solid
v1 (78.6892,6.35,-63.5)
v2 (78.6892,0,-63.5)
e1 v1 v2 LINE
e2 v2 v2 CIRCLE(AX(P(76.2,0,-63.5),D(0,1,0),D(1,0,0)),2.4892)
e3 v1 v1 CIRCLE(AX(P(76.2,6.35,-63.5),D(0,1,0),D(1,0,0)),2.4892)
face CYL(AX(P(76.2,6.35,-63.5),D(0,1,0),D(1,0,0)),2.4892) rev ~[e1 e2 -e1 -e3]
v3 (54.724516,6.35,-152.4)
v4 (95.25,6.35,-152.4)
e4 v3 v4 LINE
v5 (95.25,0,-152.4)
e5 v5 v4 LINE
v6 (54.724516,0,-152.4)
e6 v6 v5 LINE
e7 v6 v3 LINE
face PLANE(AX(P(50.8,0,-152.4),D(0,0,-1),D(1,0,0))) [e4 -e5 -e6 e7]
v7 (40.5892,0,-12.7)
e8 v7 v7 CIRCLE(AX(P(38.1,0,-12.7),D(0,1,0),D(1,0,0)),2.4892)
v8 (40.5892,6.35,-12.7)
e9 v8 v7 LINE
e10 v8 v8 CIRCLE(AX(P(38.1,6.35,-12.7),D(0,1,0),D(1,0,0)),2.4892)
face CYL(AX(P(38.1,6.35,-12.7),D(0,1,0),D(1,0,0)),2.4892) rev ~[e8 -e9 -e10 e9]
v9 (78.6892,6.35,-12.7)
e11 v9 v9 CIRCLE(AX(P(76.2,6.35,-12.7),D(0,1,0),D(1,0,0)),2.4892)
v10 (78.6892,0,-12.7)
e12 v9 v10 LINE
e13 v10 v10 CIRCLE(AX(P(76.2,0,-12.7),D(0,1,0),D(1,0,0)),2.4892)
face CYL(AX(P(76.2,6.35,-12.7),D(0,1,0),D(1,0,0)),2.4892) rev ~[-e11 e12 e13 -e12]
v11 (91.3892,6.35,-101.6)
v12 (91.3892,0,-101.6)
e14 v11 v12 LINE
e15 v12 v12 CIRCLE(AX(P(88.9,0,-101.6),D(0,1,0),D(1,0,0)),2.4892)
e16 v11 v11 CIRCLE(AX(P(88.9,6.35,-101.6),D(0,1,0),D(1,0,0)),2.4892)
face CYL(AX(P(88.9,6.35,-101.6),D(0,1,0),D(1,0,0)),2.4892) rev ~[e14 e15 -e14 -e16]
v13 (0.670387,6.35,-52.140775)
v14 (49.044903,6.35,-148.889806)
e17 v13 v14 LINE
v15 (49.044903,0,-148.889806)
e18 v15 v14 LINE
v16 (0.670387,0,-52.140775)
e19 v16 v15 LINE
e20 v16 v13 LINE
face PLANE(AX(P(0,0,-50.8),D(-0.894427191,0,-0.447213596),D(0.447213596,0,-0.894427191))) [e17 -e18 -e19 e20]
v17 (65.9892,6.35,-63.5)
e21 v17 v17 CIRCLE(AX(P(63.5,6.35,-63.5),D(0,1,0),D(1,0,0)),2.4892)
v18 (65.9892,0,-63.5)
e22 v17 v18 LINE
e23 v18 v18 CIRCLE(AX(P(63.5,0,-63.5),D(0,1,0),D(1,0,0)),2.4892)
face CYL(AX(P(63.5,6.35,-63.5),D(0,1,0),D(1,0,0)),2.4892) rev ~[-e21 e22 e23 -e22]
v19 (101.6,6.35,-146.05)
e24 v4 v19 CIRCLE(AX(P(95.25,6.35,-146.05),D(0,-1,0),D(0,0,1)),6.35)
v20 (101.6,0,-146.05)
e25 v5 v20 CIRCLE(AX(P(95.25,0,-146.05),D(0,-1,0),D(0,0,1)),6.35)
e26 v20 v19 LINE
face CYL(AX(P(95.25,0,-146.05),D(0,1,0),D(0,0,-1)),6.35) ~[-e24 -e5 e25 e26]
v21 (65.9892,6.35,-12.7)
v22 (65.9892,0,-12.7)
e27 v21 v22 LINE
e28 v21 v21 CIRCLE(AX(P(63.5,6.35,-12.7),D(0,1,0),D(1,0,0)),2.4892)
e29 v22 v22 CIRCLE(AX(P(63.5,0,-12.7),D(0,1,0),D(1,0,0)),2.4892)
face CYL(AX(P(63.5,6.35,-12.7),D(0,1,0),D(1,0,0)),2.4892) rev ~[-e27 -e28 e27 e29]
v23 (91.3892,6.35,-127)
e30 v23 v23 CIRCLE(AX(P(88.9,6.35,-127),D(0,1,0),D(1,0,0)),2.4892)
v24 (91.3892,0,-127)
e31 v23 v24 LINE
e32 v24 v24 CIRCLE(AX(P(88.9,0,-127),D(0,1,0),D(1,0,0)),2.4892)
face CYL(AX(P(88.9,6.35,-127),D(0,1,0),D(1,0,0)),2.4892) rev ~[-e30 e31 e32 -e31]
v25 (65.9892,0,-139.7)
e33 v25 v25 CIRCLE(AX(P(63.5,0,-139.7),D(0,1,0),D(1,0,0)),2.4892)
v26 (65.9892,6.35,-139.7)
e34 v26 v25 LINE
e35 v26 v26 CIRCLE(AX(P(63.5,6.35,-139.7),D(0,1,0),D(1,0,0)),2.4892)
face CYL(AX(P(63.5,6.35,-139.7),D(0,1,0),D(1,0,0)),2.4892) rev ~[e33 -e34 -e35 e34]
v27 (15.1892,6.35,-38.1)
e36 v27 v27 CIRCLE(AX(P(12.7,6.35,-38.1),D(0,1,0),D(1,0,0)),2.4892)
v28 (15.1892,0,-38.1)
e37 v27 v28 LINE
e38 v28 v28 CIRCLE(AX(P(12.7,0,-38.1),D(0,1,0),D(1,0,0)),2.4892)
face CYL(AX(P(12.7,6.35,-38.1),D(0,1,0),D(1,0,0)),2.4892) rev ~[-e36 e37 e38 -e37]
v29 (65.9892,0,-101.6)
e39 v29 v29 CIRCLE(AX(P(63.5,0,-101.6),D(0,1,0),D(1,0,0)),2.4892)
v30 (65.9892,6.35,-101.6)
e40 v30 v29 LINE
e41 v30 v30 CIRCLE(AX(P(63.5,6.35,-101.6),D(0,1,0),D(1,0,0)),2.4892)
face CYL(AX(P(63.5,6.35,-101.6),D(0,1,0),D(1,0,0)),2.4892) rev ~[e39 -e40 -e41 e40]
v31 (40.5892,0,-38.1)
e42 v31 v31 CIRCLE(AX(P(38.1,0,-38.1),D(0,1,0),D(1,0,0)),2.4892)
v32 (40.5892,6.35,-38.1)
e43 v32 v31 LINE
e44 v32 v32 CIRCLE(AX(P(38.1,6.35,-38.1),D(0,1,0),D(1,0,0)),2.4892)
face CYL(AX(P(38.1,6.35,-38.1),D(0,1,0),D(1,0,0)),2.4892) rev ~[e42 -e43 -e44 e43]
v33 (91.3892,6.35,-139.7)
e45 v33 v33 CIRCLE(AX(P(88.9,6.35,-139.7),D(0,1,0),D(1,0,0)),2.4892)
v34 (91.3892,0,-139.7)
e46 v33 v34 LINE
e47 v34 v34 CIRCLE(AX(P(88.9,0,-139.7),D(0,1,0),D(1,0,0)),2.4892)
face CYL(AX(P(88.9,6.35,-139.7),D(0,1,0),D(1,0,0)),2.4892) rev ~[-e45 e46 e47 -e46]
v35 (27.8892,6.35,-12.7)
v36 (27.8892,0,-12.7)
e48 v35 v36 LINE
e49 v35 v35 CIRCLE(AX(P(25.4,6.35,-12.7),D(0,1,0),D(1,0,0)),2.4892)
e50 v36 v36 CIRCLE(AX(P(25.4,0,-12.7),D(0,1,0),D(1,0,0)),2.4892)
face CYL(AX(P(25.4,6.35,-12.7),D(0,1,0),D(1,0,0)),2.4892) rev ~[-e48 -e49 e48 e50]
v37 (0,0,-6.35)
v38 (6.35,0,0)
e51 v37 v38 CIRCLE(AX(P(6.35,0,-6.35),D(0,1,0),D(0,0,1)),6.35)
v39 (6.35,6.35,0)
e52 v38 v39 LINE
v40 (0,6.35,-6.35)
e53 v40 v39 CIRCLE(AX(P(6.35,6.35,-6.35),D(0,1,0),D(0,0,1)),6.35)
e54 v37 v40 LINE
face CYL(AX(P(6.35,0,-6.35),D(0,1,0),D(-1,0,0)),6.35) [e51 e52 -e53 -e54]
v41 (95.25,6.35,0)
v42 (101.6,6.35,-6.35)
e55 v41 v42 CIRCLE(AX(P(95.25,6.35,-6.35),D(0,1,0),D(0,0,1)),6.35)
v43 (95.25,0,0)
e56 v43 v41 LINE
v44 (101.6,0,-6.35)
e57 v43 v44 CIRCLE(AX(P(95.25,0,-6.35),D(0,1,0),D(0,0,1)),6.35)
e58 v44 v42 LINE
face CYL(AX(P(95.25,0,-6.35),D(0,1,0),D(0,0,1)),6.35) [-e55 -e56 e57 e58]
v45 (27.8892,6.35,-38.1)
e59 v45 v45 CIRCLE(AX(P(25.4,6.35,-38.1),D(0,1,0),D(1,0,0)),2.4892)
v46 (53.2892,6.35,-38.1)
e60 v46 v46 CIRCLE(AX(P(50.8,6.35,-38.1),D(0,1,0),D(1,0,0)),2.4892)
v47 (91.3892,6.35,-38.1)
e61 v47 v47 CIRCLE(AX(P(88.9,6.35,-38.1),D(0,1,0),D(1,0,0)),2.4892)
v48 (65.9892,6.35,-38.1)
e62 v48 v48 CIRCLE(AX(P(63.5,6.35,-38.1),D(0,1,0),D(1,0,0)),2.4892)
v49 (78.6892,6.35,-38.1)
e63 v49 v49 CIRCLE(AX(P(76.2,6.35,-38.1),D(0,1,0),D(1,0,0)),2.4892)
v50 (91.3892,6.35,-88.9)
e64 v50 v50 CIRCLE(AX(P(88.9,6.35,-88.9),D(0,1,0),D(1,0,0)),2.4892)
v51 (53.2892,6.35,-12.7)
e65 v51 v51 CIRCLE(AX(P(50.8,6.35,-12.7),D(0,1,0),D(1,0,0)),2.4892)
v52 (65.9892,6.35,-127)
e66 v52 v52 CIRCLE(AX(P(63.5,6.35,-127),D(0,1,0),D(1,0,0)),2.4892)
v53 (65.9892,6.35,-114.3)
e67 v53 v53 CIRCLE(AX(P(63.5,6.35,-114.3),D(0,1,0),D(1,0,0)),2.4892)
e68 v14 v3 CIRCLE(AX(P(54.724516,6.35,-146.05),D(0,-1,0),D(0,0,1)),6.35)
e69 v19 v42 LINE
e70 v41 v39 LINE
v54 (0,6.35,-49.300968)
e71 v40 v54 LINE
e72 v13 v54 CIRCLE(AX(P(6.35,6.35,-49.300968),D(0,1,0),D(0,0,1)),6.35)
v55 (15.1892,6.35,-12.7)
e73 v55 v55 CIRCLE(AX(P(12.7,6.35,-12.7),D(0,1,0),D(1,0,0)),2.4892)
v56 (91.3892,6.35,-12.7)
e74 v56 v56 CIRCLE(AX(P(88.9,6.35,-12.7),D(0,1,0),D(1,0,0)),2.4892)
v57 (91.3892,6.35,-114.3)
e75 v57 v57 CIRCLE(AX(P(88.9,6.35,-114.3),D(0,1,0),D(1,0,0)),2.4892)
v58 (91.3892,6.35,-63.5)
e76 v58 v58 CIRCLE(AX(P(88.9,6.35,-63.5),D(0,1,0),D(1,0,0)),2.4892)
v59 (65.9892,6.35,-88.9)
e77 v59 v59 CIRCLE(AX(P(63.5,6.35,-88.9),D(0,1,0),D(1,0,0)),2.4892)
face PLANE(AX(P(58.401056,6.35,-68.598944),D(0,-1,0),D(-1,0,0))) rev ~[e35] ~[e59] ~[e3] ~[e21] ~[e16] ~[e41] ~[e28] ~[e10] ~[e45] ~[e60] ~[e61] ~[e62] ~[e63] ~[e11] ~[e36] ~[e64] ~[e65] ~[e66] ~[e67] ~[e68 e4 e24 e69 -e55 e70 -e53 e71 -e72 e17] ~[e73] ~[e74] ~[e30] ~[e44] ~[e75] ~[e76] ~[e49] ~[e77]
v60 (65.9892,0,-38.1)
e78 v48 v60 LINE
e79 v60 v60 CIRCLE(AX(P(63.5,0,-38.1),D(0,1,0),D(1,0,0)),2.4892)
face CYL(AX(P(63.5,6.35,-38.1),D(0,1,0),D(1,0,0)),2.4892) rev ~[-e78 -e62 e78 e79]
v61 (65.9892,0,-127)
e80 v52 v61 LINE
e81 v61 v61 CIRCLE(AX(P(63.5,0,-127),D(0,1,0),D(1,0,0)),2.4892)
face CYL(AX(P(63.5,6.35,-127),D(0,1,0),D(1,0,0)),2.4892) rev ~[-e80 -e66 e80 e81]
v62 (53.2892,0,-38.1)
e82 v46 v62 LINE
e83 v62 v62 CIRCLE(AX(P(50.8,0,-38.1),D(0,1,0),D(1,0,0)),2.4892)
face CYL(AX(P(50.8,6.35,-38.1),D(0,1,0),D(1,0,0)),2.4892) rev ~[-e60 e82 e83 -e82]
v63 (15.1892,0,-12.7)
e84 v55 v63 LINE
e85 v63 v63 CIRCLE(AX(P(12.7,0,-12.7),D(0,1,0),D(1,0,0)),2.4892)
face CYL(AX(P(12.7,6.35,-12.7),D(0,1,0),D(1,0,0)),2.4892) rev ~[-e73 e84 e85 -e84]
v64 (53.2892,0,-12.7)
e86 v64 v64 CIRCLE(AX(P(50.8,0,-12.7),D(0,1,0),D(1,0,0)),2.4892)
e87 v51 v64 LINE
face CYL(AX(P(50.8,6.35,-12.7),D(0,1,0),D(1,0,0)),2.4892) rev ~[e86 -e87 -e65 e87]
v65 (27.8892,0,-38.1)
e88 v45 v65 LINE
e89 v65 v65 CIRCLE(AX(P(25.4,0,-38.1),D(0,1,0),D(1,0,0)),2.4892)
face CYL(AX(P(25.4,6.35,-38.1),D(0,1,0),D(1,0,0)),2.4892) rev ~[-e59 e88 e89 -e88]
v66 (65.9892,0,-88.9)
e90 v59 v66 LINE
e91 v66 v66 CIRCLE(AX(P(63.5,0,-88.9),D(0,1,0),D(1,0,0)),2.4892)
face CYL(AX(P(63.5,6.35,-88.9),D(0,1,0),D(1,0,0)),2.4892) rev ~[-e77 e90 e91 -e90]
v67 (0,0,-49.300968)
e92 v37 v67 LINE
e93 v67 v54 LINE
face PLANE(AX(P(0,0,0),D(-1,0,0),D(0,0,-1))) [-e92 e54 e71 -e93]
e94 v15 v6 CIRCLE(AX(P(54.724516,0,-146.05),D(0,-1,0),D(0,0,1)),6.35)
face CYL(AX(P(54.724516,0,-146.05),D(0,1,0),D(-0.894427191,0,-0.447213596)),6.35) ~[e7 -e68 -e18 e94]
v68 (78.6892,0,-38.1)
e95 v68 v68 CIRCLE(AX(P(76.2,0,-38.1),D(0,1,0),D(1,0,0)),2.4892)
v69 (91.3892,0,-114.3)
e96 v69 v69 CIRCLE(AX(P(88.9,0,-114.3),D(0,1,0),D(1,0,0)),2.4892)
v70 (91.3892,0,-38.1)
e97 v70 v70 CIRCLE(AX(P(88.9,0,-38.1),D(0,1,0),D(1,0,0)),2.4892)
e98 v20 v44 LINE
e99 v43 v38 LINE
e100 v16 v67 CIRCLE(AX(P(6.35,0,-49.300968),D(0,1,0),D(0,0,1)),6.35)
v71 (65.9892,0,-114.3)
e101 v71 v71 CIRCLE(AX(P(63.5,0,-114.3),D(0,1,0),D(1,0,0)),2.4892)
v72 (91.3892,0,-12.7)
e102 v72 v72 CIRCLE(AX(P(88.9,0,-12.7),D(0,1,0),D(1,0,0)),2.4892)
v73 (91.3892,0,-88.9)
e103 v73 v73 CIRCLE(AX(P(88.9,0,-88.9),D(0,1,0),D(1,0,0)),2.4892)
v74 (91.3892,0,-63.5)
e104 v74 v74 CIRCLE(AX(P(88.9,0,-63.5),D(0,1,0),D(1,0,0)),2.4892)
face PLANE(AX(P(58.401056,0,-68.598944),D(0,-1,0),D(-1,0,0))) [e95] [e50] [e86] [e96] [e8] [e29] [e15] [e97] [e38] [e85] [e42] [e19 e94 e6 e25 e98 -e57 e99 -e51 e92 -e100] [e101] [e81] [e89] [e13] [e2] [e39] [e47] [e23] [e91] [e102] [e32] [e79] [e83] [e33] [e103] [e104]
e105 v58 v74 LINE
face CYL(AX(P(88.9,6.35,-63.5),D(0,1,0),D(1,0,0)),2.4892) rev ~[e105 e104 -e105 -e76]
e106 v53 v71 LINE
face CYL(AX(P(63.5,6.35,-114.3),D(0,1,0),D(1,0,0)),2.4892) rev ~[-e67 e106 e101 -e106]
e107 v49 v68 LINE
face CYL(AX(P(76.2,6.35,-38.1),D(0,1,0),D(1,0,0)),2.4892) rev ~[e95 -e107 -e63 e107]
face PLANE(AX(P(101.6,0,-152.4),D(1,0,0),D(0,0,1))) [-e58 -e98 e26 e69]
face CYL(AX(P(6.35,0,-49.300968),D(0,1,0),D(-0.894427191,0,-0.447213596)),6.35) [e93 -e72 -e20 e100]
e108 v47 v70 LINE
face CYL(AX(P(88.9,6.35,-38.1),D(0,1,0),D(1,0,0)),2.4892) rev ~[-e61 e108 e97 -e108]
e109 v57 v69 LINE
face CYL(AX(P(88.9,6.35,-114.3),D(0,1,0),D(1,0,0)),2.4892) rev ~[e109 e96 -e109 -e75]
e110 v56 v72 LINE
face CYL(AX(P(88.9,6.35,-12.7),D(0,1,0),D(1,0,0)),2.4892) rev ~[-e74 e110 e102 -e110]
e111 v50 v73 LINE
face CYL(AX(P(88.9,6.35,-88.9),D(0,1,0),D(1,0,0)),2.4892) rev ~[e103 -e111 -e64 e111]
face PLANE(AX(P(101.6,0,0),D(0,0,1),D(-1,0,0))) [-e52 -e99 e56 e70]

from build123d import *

# Parameters (mm, degrees)
BOSS_EXTRUDE1_DEPTH = 6.35
SKETCH2_R           = 2.4892
CUT_EXTRUDE1_DEPTH  = 7.35
FILLET1_R           = 6.35


with BuildPart() as part:
    # Sketch1 → Boss-Extrude1 (new body)
    with BuildSketch(Plane(origin=(0, 0, 0), x_dir=(1, 0, 0), z_dir=(0, 1, 0))):
        Polygon((0, 50.8), (50.8, 152.4), (101.6, 152.4), (101.6, 0), (0, 0), align=None)
    extrude(amount=BOSS_EXTRUDE1_DEPTH)

    # Sketch2 → Cut-Extrude1 (cut, through all)
    with BuildSketch(Plane(origin=(0, 6.35, 0), x_dir=(1, 0, 0), z_dir=(0, 1, 0))):
        with Locations((88.9, 12.7)):
            Circle(SKETCH2_R)
        with Locations((76.2, 12.7)):
            Circle(SKETCH2_R)
        with Locations((63.5, 12.7)):
            Circle(SKETCH2_R)
        with Locations((50.8, 12.7)):
            Circle(SKETCH2_R)
        with Locations((38.1, 12.7)):
            Circle(SKETCH2_R)
        with Locations((25.4, 12.7)):
            Circle(SKETCH2_R)
        with Locations((12.7, 12.7)):
            Circle(SKETCH2_R)
        with Locations((76.2, 38.1)):
            Circle(SKETCH2_R)
        with Locations((63.5, 38.1)):
            Circle(SKETCH2_R)
        with Locations((50.8, 38.1)):
            Circle(SKETCH2_R)
        with Locations((38.1, 38.1)):
            Circle(SKETCH2_R)
        with Locations((25.4, 38.1)):
            Circle(SKETCH2_R)
        with Locations((12.7, 38.1)):
            Circle(SKETCH2_R)
        with Locations((76.2, 63.5)):
            Circle(SKETCH2_R)
        with Locations((63.5, 63.5)):
            Circle(SKETCH2_R)
        with Locations((63.5, 88.9)):
            Circle(SKETCH2_R)
        with Locations((63.5, 101.6)):
            Circle(SKETCH2_R)
        with Locations((63.5, 114.3)):
            Circle(SKETCH2_R)
        with Locations((63.5, 127)):
            Circle(SKETCH2_R)
        with Locations((63.5, 139.7)):
            Circle(SKETCH2_R)
        with Locations((88.9, 38.1)):
            Circle(SKETCH2_R)
        with Locations((88.9, 63.5)):
            Circle(SKETCH2_R)
        with Locations((88.9, 88.9)):
            Circle(SKETCH2_R)
        with Locations((88.9, 101.6)):
            Circle(SKETCH2_R)
        with Locations((88.9, 114.3)):
            Circle(SKETCH2_R)
        with Locations((88.9, 127)):
            Circle(SKETCH2_R)
        with Locations((88.9, 139.7)):
            Circle(SKETCH2_R)
    extrude(amount=-CUT_EXTRUDE1_DEPTH, mode=Mode.SUBTRACT)

    # Fillet1
    fillet1_edges = [part.edges().sort_by_distance(p)[0] for p in [
        (0, 3.175, -50.8),
        (50.8, 3.175, -152.4),
        (101.6, 3.175, -152.4),
        (101.6, 3.175, 0),
        (0, 3.175, 0),
    ]]
    fillet(fillet1_edges, radius=FILLET1_R)


solid = part.part
